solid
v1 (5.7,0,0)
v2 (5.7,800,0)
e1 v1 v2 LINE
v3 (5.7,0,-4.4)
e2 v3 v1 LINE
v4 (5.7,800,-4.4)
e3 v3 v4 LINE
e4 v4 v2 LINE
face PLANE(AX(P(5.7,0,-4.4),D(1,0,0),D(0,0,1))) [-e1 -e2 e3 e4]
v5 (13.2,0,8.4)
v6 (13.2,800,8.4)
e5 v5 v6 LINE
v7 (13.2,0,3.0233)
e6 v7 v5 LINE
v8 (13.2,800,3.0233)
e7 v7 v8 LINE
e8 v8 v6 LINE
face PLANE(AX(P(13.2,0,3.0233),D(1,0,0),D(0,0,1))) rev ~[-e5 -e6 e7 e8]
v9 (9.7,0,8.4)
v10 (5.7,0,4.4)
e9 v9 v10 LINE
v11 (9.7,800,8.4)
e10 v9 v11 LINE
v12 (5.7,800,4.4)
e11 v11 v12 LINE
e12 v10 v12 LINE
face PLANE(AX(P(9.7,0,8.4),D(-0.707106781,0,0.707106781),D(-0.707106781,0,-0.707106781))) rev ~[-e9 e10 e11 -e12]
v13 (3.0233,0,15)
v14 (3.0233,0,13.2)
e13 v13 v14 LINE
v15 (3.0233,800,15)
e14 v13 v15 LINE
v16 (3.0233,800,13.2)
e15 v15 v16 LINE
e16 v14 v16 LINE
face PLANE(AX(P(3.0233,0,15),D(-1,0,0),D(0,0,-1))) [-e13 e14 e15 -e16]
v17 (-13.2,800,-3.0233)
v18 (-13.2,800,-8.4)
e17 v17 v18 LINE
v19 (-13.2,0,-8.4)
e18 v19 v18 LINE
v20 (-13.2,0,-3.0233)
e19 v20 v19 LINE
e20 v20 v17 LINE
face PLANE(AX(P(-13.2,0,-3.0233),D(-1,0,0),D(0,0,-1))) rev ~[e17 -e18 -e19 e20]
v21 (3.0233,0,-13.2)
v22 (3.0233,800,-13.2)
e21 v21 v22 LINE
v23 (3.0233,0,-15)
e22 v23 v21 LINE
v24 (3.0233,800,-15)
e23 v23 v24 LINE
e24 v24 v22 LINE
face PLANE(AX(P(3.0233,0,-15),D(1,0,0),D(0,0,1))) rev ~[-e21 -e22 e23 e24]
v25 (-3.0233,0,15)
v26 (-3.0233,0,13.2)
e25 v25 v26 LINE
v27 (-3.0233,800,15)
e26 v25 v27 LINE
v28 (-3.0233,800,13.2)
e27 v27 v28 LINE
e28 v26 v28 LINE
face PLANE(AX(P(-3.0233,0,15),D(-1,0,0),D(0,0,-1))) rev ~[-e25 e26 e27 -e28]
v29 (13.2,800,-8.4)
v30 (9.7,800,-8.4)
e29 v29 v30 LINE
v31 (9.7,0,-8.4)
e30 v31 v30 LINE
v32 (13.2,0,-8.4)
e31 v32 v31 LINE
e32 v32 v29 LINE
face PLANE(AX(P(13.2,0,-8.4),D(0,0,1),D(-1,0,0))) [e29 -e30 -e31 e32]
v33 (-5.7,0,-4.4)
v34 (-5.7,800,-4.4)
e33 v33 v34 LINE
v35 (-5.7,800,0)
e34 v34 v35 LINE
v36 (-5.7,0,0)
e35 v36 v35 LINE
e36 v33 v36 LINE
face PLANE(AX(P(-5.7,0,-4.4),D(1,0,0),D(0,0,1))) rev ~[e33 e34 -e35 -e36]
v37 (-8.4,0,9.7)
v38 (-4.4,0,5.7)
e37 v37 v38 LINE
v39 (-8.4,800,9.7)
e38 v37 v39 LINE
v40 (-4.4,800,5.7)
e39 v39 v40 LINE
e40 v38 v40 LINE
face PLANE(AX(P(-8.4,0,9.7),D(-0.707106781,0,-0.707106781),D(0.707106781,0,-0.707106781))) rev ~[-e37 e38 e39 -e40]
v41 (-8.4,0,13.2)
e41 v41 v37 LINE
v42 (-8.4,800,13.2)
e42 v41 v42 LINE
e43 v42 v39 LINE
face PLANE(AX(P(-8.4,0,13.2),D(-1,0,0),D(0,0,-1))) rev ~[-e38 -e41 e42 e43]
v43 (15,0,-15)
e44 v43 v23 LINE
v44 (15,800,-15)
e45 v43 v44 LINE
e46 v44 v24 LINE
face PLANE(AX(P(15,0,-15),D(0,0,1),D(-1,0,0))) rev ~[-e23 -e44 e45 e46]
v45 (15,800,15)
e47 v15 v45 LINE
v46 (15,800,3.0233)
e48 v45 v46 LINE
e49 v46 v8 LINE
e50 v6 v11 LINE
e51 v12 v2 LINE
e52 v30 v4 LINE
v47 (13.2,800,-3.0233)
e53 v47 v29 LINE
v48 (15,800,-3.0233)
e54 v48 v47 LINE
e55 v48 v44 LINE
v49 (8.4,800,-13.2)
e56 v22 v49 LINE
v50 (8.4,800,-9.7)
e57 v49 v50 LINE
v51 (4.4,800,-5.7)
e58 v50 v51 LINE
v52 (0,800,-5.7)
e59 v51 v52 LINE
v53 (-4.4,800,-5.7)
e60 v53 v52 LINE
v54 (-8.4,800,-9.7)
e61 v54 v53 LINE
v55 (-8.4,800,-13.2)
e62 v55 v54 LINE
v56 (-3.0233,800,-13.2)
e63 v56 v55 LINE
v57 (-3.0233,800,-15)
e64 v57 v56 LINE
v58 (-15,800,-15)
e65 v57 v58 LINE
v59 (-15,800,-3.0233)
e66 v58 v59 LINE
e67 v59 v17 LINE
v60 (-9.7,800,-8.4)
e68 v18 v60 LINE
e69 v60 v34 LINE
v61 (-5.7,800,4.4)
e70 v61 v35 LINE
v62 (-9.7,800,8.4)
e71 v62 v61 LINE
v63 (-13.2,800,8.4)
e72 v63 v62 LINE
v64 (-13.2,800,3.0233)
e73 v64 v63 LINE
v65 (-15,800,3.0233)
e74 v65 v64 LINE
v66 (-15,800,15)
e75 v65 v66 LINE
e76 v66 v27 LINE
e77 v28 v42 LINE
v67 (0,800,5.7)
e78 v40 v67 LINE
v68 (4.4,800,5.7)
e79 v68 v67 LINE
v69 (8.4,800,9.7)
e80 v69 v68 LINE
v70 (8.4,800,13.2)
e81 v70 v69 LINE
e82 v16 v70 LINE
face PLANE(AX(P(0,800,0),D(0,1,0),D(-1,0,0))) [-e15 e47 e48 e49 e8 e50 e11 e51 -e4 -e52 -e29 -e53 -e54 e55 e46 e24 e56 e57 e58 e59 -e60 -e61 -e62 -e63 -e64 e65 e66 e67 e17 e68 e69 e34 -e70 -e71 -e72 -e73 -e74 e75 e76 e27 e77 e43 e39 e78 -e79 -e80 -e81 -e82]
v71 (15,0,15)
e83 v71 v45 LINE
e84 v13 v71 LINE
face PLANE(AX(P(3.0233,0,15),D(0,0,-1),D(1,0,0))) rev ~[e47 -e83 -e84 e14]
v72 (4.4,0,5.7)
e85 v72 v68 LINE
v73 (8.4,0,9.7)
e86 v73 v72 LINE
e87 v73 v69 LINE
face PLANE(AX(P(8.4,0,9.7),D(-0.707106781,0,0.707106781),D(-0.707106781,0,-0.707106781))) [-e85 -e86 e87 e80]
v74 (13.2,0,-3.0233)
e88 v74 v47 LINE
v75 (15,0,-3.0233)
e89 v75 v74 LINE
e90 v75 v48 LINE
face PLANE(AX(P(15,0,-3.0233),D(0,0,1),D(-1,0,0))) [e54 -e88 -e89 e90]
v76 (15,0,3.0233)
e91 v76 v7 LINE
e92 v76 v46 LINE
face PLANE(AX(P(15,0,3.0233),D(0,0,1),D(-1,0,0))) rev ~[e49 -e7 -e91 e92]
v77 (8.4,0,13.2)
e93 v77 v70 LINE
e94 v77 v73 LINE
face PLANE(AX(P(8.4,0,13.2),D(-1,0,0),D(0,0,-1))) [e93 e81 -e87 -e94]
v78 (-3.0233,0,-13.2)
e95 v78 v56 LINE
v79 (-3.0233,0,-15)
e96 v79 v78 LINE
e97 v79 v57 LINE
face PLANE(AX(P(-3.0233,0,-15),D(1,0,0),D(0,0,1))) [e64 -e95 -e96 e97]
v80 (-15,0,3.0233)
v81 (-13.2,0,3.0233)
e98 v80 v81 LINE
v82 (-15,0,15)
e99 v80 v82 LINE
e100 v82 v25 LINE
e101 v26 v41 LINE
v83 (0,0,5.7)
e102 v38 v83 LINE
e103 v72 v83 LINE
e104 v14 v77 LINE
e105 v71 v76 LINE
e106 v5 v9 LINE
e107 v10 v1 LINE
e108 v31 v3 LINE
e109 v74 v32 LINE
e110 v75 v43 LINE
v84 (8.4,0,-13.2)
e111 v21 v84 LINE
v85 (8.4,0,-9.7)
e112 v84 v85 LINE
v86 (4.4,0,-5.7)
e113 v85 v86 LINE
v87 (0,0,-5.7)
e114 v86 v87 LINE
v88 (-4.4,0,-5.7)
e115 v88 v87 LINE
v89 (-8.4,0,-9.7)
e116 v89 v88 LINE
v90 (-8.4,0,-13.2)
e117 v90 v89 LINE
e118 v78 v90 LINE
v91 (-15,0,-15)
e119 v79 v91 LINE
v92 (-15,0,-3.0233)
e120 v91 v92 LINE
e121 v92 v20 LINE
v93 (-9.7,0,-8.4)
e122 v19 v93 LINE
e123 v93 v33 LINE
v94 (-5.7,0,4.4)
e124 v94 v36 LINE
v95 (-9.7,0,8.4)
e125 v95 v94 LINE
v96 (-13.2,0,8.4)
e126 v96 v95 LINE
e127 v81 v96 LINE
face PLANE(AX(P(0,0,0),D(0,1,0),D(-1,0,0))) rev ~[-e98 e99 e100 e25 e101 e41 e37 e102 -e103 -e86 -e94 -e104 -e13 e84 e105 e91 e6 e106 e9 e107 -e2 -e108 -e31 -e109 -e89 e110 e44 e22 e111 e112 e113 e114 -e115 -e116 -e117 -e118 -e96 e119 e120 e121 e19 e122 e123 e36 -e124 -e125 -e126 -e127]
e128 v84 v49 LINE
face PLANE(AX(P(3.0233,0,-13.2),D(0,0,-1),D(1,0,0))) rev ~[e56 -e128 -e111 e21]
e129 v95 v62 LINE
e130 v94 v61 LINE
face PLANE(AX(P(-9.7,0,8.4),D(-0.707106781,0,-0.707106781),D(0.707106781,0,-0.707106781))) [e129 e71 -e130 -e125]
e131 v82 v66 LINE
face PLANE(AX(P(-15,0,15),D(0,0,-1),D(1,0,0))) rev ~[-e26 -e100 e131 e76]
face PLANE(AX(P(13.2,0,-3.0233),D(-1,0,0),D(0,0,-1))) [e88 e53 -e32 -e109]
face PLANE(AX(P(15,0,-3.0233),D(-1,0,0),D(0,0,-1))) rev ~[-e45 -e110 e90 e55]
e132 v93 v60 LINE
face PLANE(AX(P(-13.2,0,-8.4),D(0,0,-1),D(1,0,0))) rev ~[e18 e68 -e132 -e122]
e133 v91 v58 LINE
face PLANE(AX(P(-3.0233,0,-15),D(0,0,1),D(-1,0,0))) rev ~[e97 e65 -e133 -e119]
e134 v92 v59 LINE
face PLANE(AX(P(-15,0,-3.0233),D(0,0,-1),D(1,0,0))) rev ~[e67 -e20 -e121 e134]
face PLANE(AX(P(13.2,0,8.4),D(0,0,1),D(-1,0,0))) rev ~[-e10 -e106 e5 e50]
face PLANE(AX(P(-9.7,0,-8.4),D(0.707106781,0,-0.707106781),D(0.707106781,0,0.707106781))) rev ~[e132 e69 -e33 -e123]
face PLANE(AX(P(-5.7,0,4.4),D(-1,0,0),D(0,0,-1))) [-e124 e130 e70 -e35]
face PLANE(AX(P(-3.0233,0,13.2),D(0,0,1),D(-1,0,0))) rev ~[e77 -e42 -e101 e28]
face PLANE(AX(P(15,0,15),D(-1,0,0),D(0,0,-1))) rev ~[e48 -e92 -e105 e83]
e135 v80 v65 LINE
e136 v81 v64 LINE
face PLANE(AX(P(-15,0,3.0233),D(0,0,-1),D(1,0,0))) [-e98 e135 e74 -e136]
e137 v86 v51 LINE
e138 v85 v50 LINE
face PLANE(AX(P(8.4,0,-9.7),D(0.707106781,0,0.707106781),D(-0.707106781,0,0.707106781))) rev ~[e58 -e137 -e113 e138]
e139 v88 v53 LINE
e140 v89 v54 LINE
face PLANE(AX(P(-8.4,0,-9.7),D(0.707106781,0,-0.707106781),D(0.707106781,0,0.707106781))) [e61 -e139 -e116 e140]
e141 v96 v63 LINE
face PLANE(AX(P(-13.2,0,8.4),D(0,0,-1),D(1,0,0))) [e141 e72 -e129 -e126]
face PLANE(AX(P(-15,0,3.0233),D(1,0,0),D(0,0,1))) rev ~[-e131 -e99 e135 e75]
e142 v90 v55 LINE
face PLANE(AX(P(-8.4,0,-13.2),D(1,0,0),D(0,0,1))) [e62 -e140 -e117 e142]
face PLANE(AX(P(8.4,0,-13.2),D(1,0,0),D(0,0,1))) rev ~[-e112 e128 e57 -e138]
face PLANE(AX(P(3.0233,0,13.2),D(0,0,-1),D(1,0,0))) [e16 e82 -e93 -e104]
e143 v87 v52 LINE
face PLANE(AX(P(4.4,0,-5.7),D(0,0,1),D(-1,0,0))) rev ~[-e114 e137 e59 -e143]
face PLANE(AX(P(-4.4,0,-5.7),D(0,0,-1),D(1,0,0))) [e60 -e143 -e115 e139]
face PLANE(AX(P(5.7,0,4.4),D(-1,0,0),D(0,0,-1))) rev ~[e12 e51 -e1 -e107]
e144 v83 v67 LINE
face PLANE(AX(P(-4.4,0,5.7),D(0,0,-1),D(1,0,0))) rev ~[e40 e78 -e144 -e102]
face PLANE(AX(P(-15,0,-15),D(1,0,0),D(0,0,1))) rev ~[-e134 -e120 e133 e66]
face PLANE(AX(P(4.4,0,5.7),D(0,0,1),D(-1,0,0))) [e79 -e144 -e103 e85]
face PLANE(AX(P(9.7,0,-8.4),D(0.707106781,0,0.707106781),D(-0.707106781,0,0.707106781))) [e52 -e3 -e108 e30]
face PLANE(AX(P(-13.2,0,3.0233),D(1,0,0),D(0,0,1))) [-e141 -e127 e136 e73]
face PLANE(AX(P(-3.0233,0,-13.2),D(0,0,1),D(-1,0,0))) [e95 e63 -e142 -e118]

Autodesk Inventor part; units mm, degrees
ref_plane "YZ Plane" through (0, 0, 0) normal (1, 0, 0) x (0, 1, 0)
ref_plane "XZ Plane" through (0, 0, 0) normal (0, 1, 0) x (-1, 0, 0)
ref_plane "XY Plane" through (0, 0, 0) normal (0, 0, 1) x (1, 0, 0)
sketch "草图1" plane through (0, 0, 0) normal (0, 1, 0) x (-1, 0, 0)
  line L0 (15, 3.0233) -> (15, 15)
  line L1 (15, 15) -> (3.0233, 15)
  line L2 (3.0233, 15) -> (3.0233, 13.2)
  line L3 (3.0233, 13.2) -> (8.4, 13.2)
  line L4 (8.4, 13.2) -> (8.4, 9.7)
  line L5 (8.4, 9.7) -> (4.4, 5.7)
  line L6 (4.4, 5.7) -> (0, 5.7)
  line L7 (15, 3.0233) -> (13.2, 3.0233)
  line L8 (13.2, 3.0233) -> (13.2, 8.4)
  line L9 (13.2, 8.4) -> (9.7, 8.4)
  line L10 (9.7, 8.4) -> (5.7, 4.4)
  line L11 (5.7, 4.4) -> (5.7, 0)
  line L12 (-15, 3.0233) -> (-13.2, 3.0233)
  line L13 (-5.7, 4.4) -> (-5.7, 0)
  line L14 (-13.2, 3.0233) -> (-13.2, 8.4)
  line L15 (-13.2, 8.4) -> (-9.7, 8.4)
  line L16 (-9.7, 8.4) -> (-5.7, 4.4)
  line L17 (-8.4, 9.7) -> (-4.4, 5.7)
  line L18 (-4.4, 5.7) -> (0, 5.7)
  line L19 (-15, 15) -> (-15, 3.0233)
  line L20 (-8.4, 13.2) -> (-8.4, 9.7)
  line L21 (-3.0233, 15) -> (-15, 15)
  line L22 (-3.0233, 13.2) -> (-8.4, 13.2)
  line L23 (-3.0233, 15) -> (-3.0233, 13.2)
  line L24 (-3.0233, -15) -> (-3.0233, -13.2)
  line L25 (-4.4, -5.7) -> (0, -5.7)
  line L26 (-3.0233, -13.2) -> (-8.4, -13.2)
  line L27 (-8.4, -13.2) -> (-8.4, -9.7)
  line L28 (-8.4, -9.7) -> (-4.4, -5.7)
  line L29 (-9.7, -8.4) -> (-5.7, -4.4)
  line L30 (-5.7, -4.4) -> (-5.7, 0)
  line L31 (-15, -15) -> (-3.0233, -15)
  line L32 (-13.2, -8.4) -> (-9.7, -8.4)
  line L33 (-15, -3.0233) -> (-15, -15)
  line L34 (-13.2, -3.0233) -> (-13.2, -8.4)
  line L35 (-15, -3.0233) -> (-13.2, -3.0233)
  line L36 (15, -3.0233) -> (13.2, -3.0233)
  line L37 (5.7, -4.4) -> (5.7, 0)
  line L38 (13.2, -3.0233) -> (13.2, -8.4)
  line L39 (13.2, -8.4) -> (9.7, -8.4)
  line L40 (9.7, -8.4) -> (5.7, -4.4)
  line L41 (8.4, -9.7) -> (4.4, -5.7)
  line L42 (4.4, -5.7) -> (0, -5.7)
  line L43 (15, -15) -> (15, -3.0233)
  line L44 (8.4, -13.2) -> (8.4, -9.7)
  line L45 (3.0233, -15) -> (15, -15)
  line L46 (3.0233, -13.2) -> (8.4, -13.2)
  line L47 (3.0233, -15) -> (3.0233, -13.2)
  point P0 (0, 0)
  point P1 (15, 0)
  point P2 (0, 0)
  point P3 (0, 0)
  point P4 (0, 0)
  point P5 (0, 0)
  point P6 (0, 0)
  point P7 (0, 15)
  point P8 (0, 0)
  point P9 (0, 0)
  point P10 (0, 0)
  point P11 (-15, 0)
  point P12 (0, 0)
  point P13 (0, 0)
  point P14 (0, 0)
  point P15 (0, -15)
  point P16 (-5.7, 0)
  point P17 (0, -5.7)
  point P18 (5.7, 0)
  dimension "d8" = 5.7
  dimension "d9" = 1.8
  dimension "d10" = 8.4
  dimension "d11" = 4
  dimension "d14" = 360
extrude "拉伸1" add sketch "草图1" along normal blind 800
properties part number "3030型材"
